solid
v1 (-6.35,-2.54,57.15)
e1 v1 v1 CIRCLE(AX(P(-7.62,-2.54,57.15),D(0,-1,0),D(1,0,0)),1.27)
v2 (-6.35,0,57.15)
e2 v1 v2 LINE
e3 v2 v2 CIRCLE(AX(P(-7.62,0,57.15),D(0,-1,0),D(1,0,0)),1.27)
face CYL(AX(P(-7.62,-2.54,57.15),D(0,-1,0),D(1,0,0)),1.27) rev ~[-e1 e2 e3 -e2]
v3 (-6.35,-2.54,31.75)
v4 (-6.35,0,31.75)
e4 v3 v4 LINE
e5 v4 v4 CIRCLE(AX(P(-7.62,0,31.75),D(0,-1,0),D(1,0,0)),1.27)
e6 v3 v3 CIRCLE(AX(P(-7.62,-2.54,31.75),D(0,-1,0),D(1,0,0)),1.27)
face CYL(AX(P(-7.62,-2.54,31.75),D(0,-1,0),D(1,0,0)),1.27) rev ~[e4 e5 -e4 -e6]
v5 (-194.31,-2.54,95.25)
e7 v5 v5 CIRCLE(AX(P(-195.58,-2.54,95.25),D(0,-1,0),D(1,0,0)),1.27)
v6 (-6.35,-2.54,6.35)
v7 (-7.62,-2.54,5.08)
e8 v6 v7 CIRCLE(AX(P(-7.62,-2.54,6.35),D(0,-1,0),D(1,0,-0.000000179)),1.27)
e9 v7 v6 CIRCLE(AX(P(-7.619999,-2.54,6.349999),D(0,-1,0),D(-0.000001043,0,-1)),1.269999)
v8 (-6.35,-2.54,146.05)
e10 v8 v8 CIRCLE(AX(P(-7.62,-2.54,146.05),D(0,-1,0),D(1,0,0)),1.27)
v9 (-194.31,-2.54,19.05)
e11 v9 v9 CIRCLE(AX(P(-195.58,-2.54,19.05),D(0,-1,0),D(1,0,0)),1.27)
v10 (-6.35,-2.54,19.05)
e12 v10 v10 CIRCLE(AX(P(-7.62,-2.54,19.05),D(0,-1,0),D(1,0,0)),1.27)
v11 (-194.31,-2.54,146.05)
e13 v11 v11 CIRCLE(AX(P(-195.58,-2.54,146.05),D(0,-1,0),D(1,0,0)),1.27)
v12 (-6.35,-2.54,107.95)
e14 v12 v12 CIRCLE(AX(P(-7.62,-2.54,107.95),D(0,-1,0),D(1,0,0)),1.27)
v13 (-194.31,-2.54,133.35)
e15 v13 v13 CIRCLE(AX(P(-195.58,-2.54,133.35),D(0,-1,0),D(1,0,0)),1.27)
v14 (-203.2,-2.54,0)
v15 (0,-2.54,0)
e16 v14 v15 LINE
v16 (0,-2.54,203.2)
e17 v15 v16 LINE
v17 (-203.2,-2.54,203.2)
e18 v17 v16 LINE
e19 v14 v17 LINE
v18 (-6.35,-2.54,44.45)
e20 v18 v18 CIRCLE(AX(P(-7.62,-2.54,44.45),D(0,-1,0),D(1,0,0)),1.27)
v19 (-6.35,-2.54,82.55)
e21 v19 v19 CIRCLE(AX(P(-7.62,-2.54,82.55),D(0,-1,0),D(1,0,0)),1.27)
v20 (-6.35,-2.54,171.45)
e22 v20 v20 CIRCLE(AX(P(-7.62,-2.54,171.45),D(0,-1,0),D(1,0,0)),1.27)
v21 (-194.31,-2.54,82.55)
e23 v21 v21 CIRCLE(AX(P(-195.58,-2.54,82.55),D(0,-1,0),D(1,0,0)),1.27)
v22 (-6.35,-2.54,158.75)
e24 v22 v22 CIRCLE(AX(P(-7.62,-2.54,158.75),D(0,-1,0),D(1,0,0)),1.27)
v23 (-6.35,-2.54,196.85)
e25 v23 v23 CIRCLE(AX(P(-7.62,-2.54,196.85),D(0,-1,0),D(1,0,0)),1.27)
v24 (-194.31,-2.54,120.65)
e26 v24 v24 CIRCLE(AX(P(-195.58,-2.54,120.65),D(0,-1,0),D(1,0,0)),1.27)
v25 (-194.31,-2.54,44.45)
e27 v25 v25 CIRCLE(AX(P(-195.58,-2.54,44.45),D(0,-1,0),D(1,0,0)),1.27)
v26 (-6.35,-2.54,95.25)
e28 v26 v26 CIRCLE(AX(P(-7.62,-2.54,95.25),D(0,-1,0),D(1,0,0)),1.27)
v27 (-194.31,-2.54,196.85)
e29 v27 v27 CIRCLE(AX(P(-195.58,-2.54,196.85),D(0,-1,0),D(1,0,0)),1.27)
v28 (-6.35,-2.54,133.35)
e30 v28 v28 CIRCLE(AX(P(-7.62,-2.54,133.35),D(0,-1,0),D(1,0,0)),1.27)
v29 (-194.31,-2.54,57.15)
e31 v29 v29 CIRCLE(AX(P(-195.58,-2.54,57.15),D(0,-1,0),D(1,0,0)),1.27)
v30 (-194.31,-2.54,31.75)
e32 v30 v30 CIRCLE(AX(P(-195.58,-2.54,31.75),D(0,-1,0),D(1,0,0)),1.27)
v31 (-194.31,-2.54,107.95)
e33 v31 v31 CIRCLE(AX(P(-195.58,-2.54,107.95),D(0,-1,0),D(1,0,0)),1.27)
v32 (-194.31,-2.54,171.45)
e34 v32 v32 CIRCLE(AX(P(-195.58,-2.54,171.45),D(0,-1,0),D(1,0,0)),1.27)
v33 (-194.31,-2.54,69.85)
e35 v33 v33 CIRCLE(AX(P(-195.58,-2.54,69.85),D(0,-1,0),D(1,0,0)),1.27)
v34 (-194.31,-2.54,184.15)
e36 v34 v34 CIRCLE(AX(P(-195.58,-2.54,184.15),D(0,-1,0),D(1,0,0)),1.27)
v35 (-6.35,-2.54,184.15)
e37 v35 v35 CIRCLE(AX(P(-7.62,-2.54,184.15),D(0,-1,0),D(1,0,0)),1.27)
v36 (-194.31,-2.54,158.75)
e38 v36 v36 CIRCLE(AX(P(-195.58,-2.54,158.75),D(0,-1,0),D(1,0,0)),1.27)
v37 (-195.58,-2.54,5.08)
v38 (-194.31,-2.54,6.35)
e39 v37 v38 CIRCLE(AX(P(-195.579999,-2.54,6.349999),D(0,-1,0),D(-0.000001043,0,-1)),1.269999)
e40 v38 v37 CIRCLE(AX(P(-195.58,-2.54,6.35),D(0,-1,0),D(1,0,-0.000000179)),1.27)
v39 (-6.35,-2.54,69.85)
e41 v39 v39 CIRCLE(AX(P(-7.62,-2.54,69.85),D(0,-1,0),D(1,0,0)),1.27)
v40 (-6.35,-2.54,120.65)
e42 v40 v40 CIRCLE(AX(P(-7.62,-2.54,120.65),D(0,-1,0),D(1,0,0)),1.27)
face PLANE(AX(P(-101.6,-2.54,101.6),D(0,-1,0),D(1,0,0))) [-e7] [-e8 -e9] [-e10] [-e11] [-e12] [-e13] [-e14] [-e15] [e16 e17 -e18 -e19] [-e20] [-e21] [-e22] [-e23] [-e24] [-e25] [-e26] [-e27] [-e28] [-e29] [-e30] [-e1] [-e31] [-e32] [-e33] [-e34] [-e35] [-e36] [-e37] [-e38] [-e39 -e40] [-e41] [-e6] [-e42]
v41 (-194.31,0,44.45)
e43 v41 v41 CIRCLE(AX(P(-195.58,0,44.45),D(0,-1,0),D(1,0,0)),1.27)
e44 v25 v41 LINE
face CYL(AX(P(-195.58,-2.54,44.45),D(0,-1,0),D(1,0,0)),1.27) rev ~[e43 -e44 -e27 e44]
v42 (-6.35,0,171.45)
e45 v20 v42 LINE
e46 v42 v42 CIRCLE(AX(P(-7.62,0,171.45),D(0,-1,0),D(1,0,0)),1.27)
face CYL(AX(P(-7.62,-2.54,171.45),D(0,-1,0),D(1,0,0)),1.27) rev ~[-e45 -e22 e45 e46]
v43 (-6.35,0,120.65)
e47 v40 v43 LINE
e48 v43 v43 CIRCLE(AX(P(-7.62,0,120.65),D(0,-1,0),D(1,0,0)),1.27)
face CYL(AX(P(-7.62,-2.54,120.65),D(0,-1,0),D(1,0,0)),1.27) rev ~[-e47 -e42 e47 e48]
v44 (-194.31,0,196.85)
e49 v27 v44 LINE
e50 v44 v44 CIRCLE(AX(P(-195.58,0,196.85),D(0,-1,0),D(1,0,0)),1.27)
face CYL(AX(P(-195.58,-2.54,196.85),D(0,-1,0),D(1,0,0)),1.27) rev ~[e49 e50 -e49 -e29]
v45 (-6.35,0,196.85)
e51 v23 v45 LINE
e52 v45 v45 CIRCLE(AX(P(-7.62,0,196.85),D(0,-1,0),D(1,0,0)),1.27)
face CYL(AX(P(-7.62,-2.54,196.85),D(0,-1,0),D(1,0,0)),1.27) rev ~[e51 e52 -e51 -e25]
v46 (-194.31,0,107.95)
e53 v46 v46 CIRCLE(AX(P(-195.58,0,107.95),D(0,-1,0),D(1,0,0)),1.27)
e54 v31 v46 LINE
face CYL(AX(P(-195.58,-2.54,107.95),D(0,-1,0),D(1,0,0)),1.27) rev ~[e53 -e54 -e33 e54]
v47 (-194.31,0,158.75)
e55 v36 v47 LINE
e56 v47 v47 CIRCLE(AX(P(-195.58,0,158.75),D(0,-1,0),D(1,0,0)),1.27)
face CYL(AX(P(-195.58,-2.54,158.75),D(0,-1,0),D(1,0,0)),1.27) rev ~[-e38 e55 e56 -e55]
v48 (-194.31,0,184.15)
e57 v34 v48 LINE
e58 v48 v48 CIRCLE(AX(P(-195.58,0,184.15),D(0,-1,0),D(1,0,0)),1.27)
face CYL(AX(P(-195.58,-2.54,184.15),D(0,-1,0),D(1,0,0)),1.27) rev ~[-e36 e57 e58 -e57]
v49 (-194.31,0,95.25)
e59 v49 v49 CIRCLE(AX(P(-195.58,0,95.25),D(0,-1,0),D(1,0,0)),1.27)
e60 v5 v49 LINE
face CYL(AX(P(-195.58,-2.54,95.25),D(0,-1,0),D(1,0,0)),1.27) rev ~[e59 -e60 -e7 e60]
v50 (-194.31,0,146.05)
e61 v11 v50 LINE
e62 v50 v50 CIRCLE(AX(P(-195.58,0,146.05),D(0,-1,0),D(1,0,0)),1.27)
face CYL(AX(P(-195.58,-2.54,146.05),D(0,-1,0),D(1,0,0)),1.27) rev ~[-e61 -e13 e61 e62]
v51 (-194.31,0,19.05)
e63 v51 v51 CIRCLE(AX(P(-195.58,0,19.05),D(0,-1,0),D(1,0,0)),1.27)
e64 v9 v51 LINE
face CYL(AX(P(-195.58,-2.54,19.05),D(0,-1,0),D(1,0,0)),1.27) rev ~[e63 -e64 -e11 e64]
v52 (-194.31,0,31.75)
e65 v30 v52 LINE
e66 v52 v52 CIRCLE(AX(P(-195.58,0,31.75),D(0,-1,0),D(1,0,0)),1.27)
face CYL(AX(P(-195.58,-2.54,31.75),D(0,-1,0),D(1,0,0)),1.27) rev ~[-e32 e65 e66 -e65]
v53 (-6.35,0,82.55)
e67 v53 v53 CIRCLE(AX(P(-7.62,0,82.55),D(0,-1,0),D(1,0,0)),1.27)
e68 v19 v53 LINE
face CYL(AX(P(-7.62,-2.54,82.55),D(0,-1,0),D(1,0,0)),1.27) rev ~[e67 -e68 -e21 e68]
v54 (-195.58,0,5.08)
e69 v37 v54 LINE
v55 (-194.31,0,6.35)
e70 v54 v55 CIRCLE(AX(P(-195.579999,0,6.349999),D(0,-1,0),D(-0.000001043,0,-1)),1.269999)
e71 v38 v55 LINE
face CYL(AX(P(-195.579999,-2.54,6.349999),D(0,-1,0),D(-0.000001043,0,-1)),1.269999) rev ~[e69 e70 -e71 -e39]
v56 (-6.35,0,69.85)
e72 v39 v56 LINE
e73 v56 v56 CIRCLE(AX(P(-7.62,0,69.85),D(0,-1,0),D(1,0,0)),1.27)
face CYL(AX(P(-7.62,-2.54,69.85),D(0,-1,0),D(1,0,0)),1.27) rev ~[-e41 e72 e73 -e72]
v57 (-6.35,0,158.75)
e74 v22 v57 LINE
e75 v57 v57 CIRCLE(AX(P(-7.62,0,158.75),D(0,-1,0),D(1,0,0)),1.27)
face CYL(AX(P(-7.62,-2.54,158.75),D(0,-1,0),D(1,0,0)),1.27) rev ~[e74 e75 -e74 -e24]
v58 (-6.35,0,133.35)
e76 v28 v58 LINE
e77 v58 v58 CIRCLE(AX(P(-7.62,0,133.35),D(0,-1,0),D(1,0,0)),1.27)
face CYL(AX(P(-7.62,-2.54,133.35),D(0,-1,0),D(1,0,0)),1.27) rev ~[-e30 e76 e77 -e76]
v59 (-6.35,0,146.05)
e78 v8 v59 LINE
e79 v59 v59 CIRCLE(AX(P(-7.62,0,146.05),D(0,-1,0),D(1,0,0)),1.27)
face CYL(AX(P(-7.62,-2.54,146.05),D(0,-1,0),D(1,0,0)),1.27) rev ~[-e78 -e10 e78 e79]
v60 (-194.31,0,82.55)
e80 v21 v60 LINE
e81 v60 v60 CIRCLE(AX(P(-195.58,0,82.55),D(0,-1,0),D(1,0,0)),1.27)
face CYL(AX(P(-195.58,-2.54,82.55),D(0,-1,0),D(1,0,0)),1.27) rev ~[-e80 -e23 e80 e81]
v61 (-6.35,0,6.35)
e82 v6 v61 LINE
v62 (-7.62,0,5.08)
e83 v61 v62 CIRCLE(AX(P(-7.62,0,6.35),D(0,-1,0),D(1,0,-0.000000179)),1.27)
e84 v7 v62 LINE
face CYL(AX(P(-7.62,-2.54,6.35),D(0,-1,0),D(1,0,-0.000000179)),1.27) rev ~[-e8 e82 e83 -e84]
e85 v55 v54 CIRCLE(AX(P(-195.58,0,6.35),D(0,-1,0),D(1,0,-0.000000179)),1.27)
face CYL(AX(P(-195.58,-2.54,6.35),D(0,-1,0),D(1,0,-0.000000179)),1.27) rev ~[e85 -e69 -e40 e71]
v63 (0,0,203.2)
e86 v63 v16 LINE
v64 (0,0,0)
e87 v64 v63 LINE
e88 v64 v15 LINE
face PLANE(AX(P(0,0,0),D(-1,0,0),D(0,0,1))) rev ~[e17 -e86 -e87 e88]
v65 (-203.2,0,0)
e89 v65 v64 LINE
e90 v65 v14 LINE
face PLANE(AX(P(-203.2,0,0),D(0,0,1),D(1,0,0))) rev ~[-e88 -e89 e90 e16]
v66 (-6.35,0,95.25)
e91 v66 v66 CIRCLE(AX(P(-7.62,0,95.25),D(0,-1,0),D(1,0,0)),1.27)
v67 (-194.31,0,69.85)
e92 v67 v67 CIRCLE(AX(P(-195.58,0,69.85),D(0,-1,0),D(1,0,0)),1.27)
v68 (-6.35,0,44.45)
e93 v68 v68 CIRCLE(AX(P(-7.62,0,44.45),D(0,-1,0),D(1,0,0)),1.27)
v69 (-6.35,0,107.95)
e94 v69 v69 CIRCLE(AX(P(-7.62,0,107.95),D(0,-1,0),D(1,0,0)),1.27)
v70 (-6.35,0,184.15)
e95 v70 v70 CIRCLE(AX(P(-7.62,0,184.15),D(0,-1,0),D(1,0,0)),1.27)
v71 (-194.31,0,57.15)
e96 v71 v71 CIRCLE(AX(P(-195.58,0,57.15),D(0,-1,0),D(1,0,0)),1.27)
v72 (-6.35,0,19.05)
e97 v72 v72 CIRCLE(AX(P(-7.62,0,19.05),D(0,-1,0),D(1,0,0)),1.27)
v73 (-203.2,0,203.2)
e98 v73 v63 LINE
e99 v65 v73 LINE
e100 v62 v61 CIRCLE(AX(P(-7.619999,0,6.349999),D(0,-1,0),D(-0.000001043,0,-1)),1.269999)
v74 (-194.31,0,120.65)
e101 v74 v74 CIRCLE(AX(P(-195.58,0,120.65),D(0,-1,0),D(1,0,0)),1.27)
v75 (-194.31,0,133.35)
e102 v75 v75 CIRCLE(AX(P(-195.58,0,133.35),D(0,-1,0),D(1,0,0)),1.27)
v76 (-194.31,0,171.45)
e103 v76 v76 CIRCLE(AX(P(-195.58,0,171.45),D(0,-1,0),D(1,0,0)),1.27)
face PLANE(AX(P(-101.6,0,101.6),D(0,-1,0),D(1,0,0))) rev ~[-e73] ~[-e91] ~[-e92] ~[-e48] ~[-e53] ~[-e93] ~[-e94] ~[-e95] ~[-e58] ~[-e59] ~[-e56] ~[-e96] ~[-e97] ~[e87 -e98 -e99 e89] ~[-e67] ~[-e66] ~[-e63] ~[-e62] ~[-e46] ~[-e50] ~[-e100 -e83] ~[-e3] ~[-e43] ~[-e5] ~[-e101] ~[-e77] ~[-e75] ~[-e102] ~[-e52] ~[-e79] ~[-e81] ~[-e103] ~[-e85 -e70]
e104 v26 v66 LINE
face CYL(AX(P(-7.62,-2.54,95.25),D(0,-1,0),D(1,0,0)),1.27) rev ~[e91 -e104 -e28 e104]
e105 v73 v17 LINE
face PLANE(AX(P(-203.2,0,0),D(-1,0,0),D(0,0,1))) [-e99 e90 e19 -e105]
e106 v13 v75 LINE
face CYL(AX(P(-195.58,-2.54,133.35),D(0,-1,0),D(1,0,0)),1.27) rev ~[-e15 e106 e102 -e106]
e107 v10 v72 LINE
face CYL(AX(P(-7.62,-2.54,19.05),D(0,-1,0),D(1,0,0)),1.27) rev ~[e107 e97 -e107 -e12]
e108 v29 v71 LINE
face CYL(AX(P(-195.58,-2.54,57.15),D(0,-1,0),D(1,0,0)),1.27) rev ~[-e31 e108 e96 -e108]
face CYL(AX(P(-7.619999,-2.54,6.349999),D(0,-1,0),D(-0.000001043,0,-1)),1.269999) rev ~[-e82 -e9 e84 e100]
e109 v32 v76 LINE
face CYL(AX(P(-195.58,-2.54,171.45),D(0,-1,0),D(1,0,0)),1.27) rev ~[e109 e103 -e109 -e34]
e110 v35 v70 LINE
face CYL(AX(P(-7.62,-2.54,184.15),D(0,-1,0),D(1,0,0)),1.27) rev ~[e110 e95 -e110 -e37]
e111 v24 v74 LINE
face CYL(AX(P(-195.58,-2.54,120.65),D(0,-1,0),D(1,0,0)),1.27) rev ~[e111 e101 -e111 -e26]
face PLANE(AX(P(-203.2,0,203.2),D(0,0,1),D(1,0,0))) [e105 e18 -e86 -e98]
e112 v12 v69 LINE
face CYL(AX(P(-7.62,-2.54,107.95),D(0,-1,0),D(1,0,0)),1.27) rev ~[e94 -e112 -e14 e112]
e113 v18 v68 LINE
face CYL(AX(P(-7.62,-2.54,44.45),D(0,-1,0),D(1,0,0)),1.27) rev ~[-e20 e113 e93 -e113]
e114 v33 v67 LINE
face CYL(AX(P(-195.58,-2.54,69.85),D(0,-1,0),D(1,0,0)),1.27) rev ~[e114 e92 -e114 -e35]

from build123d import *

# Parameters (mm, degrees)
F0_W     = 203.2
F0_H     = 203.2
F1_DEPTH = 2.54
F2_R     = 1.27
F3_DEPTH = 25.4
F4_R     = 1.27
F5_DEPTH = 25.4


with BuildPart() as f1:
    # F0 (on Front) → F1 (new body)
    with BuildSketch(Plane.XZ):
        with Locations((-101.6, 101.6)):
            Rectangle(F0_W, F0_H)
    extrude(amount=F1_DEPTH)

    # F2 (on face) → F3 (cut)
    with BuildSketch(Plane.XZ.offset(2.54)):
        with Locations((-195.58, 31.75)):
            Circle(F2_R)
        with Locations((-195.58, 44.45)):
            Circle(F2_R)
        with Locations((-195.58, 57.15)):
            Circle(F2_R)
        with Locations((-195.58, 69.85)):
            Circle(F2_R)
        with Locations((-195.58, 82.55)):
            Circle(F2_R)
        with Locations((-195.58, 95.25)):
            Circle(F2_R)
        with Locations((-195.58, 107.95)):
            Circle(F2_R)
        with Locations((-195.58, 120.65)):
            Circle(F2_R)
        with Locations((-195.58, 133.35)):
            Circle(F2_R)
        with Locations((-195.58, 146.05)):
            Circle(F2_R)
        with Locations((-195.58, 158.75)):
            Circle(F2_R)
        with Locations((-195.58, 196.85)):
            Circle(F2_R)
        with Locations((-195.58, 171.45)):
            Circle(F2_R)
        with Locations((-195.58, 184.15)):
            Circle(F2_R)
        with Locations((-195.58, 19.05)):
            Circle(F2_R)
        with BuildLine():
            ThreePointArc((-194.31, 6.35), (-196.478026, 7.248026), (-195.58, 5.08))
            ThreePointArc((-195.58, 5.08), (-194.681974, 5.451974), (-194.31, 6.35))
        make_face()
    extrude(amount=-F3_DEPTH, mode=Mode.SUBTRACT)

    # F4 (on face) → F5 (cut)
    with BuildSketch(Plane.XZ.offset(2.54)):
        with Locations((-7.62, 44.45)):
            Circle(F4_R)
        with Locations((-7.62, 57.15)):
            Circle(F4_R)
        with Locations((-7.62, 69.85)):
            Circle(F4_R)
        with Locations((-7.62, 82.55)):
            Circle(F4_R)
        with Locations((-7.62, 95.25)):
            Circle(F4_R)
        with Locations((-7.62, 107.95)):
            Circle(F4_R)
        with Locations((-7.62, 120.65)):
            Circle(F4_R)
        with Locations((-7.62, 133.35)):
            Circle(F4_R)
        with Locations((-7.62, 196.85)):
            Circle(F4_R)
        with Locations((-7.62, 171.45)):
            Circle(F4_R)
        with Locations((-7.62, 184.15)):
            Circle(F4_R)
        with Locations((-7.62, 31.75)):
            Circle(F4_R)
        with Locations((-7.62, 146.05)):
            Circle(F4_R)
        with Locations((-7.62, 158.75)):
            Circle(F4_R)
        with Locations((-7.62, 19.05)):
            Circle(F4_R)
        with BuildLine():
            ThreePointArc((-6.35, 6.35), (-8.518026, 7.248026), (-7.62, 5.08))
            ThreePointArc((-7.62, 5.08), (-6.721974, 5.451974), (-6.35, 6.35))
        make_face()
    extrude(amount=-F5_DEPTH, mode=Mode.SUBTRACT)


solid = f1.part
